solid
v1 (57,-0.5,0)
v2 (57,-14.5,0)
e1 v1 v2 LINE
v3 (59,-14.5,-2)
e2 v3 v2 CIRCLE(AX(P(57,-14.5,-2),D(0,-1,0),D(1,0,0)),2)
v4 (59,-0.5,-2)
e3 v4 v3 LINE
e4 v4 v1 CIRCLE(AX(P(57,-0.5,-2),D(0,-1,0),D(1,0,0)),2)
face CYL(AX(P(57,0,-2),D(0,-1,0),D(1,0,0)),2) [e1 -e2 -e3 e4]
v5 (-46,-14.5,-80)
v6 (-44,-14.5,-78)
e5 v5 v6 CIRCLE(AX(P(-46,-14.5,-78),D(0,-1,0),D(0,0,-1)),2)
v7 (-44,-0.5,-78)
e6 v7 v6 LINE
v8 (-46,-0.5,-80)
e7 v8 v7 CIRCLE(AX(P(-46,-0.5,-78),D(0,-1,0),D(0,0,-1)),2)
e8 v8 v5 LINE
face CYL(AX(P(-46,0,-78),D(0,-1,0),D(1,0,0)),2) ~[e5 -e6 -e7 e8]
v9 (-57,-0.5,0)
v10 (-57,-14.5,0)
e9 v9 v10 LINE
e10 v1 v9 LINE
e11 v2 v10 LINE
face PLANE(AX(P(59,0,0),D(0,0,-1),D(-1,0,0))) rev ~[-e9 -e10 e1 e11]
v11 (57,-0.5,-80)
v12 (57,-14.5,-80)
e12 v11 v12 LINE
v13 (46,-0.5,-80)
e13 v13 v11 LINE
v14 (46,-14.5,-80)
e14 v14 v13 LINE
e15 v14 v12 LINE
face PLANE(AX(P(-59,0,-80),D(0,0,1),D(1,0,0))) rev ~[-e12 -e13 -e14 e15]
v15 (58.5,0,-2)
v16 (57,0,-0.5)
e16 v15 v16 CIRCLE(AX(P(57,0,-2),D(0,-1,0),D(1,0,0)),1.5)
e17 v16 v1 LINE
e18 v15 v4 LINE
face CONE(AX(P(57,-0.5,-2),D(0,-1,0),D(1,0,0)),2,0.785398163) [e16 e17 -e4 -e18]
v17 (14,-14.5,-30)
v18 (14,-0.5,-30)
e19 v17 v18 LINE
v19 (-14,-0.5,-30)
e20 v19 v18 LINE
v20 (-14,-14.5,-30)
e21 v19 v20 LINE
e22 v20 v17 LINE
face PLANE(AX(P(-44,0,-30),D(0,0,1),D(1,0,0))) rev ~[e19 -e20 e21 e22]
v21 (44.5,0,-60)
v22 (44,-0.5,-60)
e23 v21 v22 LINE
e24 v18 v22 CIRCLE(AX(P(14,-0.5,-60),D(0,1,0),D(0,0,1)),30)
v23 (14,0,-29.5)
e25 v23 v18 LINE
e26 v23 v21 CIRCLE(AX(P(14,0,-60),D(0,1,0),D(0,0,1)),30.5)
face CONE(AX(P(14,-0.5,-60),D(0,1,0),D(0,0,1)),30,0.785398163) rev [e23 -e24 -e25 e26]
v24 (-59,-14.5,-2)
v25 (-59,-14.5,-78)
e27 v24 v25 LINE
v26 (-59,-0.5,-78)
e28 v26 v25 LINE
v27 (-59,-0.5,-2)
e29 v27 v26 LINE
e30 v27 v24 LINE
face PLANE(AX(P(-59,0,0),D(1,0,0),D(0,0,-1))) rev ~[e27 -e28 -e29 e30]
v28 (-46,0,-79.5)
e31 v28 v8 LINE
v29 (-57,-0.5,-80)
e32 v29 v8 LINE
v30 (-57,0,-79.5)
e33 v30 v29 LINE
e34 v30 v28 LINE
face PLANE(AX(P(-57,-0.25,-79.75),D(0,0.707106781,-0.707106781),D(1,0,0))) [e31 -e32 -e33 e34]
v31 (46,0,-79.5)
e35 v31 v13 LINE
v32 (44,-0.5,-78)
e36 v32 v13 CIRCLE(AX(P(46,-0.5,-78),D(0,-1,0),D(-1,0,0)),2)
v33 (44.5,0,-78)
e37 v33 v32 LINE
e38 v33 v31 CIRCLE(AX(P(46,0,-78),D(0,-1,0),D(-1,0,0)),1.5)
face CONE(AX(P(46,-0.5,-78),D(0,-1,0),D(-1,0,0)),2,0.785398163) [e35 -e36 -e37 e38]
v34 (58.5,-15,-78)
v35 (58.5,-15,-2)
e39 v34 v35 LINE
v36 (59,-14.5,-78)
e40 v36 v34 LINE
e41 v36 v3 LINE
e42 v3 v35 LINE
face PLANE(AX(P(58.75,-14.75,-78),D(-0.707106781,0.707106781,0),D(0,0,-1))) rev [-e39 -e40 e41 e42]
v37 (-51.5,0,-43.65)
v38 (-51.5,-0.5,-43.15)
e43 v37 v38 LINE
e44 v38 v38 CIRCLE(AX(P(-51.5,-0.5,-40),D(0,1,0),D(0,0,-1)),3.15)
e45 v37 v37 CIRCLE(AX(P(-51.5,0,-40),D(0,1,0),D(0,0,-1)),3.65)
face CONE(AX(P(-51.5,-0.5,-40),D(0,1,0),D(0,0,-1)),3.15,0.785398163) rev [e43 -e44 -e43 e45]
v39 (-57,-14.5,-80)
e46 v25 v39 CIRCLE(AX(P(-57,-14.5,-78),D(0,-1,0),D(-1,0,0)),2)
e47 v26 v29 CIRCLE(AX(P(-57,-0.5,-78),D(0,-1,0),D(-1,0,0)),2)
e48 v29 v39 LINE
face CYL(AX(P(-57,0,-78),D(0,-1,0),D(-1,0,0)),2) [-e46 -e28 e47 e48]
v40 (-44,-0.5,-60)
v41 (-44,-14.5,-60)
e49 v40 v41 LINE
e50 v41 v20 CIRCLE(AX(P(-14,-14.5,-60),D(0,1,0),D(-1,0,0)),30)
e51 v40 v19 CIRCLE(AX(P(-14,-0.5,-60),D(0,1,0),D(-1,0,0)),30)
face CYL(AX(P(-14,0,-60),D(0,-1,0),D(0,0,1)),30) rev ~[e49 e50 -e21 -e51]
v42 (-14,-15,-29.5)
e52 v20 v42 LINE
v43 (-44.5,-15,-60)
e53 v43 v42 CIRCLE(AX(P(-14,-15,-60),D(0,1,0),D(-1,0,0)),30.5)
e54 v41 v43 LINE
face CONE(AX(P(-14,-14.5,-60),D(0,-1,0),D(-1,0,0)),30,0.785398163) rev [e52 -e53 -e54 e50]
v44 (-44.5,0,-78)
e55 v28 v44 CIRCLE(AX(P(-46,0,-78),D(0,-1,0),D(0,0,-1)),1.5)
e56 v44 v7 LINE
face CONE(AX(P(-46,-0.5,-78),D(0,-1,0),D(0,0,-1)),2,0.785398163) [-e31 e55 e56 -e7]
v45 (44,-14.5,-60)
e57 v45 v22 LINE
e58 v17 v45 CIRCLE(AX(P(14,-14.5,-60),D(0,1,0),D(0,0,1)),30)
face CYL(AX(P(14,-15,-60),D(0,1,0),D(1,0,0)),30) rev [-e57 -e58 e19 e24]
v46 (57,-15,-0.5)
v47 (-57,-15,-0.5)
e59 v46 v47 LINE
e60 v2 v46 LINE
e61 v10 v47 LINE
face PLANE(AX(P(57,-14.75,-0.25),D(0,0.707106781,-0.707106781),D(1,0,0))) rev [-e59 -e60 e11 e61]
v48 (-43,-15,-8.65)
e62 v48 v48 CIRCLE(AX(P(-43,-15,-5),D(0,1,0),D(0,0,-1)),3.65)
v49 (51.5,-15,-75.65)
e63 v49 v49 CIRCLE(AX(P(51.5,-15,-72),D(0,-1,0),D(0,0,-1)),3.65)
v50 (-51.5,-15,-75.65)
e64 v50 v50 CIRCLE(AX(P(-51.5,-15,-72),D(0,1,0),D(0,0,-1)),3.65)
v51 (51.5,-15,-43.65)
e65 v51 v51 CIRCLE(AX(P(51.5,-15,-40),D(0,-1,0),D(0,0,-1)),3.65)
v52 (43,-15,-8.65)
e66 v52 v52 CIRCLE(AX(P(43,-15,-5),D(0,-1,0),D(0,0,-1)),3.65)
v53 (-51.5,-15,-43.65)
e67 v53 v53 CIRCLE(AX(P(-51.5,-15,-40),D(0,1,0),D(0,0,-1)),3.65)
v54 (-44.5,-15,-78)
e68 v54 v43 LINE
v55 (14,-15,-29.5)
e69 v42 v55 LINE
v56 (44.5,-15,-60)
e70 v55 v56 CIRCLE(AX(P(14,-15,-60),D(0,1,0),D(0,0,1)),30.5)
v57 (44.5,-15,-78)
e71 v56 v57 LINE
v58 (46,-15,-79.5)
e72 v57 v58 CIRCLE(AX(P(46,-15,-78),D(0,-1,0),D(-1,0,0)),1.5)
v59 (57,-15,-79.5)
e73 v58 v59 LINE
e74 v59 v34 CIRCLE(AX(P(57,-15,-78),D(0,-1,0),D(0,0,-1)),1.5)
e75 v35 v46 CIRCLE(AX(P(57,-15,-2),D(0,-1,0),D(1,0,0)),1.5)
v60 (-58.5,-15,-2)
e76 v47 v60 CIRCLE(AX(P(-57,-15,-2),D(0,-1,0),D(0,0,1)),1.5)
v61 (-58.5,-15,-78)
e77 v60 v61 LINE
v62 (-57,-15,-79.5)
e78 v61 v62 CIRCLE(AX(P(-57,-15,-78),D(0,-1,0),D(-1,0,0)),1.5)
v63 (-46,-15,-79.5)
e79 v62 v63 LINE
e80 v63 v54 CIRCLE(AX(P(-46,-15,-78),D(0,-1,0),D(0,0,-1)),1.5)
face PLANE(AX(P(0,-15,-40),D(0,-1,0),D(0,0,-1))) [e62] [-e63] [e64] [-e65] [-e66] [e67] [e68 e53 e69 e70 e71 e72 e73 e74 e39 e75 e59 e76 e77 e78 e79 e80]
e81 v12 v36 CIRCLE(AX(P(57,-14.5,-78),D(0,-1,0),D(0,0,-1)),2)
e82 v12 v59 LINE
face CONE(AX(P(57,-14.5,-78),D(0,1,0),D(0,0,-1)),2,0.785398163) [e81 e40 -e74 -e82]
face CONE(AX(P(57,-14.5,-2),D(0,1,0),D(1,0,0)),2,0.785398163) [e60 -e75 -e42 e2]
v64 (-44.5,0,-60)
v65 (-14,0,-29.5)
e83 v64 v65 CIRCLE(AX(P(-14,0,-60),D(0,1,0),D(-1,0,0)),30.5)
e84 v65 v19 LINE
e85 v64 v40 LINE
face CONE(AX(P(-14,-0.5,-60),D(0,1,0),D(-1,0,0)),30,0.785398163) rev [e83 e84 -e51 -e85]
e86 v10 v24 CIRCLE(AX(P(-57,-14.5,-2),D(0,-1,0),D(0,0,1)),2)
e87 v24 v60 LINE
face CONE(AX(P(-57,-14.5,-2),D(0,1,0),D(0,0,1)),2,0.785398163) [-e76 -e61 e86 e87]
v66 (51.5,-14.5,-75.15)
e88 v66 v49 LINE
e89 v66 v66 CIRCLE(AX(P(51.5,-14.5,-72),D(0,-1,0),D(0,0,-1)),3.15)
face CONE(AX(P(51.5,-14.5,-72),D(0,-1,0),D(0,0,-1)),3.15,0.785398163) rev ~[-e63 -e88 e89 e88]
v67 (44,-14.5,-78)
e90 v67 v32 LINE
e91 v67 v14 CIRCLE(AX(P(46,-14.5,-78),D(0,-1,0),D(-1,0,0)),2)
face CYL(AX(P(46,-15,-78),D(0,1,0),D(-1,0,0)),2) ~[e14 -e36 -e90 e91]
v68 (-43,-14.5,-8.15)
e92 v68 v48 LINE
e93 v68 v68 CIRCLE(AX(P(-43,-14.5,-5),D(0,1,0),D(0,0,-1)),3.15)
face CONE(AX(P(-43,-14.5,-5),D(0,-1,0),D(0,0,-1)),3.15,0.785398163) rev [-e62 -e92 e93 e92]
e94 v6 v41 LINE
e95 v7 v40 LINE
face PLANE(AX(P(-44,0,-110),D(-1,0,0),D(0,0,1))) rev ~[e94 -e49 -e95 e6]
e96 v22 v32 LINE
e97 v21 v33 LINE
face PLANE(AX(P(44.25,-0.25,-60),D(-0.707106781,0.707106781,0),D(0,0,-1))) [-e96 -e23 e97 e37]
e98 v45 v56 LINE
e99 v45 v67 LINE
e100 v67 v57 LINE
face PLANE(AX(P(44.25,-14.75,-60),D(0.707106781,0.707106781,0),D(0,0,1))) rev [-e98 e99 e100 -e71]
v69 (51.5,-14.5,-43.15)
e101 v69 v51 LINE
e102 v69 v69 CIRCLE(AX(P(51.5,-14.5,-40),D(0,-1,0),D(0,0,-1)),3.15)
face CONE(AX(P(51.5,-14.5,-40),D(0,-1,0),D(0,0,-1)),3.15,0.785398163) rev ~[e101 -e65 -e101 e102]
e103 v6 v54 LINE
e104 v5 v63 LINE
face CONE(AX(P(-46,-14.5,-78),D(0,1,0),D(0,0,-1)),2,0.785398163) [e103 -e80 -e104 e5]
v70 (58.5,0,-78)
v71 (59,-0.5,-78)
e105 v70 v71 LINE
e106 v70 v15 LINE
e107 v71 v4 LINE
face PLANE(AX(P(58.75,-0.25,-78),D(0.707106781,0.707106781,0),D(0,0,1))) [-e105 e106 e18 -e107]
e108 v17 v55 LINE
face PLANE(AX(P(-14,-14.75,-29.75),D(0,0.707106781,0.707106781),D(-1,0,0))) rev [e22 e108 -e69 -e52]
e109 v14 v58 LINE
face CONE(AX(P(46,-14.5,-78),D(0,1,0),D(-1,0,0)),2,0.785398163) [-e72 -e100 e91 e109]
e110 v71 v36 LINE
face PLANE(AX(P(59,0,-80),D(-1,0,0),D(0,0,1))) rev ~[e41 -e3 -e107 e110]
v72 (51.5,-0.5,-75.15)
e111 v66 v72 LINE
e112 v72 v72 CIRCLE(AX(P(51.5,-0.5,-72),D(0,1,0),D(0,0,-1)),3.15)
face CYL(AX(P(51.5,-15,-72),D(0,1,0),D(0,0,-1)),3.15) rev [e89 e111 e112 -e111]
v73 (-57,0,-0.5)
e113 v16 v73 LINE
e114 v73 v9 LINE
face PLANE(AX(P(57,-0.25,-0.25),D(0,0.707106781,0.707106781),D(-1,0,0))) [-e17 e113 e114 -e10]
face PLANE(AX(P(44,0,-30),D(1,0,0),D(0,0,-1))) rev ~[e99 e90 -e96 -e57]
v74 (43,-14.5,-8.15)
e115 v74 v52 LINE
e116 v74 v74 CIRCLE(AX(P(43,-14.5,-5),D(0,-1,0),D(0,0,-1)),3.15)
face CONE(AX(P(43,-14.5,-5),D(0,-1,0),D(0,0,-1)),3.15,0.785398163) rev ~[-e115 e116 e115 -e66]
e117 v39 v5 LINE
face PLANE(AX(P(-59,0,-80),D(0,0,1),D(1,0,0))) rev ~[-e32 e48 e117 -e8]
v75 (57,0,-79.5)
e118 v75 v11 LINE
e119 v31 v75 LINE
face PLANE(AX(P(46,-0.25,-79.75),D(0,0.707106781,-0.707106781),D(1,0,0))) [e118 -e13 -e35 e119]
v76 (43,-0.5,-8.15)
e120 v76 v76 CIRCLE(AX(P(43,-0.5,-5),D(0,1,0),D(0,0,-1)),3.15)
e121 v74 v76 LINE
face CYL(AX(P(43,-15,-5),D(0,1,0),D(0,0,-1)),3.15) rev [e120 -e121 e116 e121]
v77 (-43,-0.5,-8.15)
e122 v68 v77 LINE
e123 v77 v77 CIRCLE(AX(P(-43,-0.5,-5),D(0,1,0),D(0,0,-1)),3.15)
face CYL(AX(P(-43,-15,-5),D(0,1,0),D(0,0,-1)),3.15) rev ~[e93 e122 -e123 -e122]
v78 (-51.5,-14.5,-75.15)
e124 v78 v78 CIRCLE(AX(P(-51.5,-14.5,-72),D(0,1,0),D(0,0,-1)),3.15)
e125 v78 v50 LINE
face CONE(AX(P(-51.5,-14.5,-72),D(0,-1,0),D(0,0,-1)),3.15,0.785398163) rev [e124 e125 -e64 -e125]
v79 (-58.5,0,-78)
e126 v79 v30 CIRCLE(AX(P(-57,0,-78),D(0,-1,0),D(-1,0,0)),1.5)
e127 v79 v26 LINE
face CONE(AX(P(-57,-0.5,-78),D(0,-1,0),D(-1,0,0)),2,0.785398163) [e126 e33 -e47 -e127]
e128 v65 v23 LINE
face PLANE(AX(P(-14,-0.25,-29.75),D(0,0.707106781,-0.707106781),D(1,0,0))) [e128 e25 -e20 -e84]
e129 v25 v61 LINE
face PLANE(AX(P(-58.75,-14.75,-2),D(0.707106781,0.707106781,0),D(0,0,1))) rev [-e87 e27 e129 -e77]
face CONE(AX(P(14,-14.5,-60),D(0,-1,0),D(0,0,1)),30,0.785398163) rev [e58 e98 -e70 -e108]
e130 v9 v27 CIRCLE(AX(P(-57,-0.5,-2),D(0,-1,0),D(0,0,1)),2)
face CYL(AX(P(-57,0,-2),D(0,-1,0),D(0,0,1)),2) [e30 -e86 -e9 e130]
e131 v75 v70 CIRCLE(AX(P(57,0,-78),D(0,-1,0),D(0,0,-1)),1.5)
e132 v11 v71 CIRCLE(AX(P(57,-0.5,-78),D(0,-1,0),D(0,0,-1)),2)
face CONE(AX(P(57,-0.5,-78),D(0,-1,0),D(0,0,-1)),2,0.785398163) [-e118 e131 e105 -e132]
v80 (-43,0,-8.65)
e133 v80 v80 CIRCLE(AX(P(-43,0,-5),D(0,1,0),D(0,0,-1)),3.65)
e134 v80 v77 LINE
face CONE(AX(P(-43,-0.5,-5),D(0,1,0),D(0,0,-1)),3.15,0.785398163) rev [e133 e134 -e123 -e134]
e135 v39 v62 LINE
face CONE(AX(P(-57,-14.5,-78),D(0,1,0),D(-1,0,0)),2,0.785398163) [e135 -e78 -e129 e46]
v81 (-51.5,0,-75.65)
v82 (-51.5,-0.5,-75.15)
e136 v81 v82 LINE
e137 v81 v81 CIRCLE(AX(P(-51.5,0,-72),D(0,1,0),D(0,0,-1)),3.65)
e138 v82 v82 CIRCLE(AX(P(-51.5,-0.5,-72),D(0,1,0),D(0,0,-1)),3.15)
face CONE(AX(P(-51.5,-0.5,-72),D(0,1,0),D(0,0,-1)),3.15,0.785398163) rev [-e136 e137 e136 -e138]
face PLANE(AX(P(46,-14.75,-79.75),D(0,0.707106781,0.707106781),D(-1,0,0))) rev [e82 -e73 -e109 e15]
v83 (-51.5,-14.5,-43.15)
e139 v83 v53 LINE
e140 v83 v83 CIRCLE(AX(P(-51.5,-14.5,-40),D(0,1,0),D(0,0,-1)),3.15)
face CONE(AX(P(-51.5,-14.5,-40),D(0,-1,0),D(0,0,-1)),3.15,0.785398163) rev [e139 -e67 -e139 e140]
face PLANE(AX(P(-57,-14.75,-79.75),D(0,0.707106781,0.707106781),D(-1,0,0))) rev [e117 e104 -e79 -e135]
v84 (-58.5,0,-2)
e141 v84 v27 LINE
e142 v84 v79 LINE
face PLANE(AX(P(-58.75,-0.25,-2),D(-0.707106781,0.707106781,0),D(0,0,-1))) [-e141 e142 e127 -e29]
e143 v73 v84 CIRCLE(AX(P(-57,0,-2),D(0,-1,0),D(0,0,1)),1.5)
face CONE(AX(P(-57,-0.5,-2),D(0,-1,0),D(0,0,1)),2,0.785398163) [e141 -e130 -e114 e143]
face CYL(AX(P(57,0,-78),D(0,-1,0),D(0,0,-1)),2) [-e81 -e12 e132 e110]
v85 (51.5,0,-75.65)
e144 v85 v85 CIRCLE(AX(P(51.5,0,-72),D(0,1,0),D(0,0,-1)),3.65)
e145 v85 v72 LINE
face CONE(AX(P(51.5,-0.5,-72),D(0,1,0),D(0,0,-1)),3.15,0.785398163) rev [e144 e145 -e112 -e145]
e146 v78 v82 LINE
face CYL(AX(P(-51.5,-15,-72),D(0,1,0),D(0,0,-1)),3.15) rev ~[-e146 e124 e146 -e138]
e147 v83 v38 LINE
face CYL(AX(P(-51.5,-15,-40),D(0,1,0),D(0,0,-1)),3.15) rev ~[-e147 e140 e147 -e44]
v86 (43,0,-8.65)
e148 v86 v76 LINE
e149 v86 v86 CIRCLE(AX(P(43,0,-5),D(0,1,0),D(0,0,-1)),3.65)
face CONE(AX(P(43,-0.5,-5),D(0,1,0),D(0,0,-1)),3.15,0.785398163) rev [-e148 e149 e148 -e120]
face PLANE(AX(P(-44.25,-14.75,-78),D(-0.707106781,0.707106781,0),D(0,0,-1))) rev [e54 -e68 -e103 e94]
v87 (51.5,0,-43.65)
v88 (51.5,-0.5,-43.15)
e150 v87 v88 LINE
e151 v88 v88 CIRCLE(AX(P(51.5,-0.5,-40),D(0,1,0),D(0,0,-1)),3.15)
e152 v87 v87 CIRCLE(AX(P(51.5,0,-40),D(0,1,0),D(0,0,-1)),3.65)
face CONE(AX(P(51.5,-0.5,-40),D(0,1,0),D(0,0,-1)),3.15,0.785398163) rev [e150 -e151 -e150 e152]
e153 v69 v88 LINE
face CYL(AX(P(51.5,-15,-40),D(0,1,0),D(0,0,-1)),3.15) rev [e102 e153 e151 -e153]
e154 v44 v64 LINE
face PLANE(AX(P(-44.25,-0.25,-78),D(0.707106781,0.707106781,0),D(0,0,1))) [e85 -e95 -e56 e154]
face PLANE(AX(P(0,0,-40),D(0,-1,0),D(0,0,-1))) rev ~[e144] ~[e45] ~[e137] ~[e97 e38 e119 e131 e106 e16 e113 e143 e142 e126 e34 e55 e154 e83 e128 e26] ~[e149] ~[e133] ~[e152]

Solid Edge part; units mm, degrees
sketch "Sketch1" plane through (0, 0, 0) normal (0, -1, 0) x (1, 0, 0)
  line L0 (59, 0) -> (-59, 0)
  line L1 (-59, 0) -> (-59, -80)
  line L2 (-59, -80) -> (59, -80)
  line L3 (59, -80) -> (59, 0)
extrude "Protrusion1" add sketch "Sketch1" along normal blind 15
sketch "Sketch2" plane through (0, 0, 0) normal (0, -1, 0) x (1, 0, 0)
  line L0 (-44, -30) -> (44, -30)
  line L1 (44, -30) -> (44, -110)
  line L2 (44, -110) -> (-44, -110)
  line L3 (-44, -110) -> (-44, -30)
extrude "Extrusionsausschnitt_1" cut sketch "Sketch2" along normal mid plane 380
fillet "Verrundung_1" radius 30 2 edges at (-44, -7.5, -30) (44, -7.5, -30)
hole "Bohrung_2" at (-51.5, -15, -72) direction (0, 1, 0) diameter 6.3 depth 30
hole "Hole1" at (-51.5, -15, -40) direction (0, 1, 0) diameter 6.3 depth 30
hole "Hole2" at (-43, -15, -5) direction (0, 1, 0) diameter 6.3 depth 30
mirror "Mirror1" about plane through (0, 0, 0) normal (1, 0, 0) of "Bohrung_2", "Hole1", "Hole2"
fillet "Verrundung_2" radius 2 6 edges at (-59, -7.5, 0) (-59, -7.5, -80) (-44, -7.5, -80) (44, -7.5, -80) (59, -7.5, -80) (59, -7.5, 0)
chamfer "Fase_2" distance 0.5 angle 45 22 edges at (51.5, -15, -68.85) (51.5, -15, -36.85) (43, -15, -1.85) (-43, -15, -1.85) (-51.5, -15, -36.85) (-51.5, -15, -68.85) (59, -15, -40) (58.4142, -15, -0.5858) (0, -15, 0) (-58.4142, -15, -0.5858) (-59, -15, -40) (-58.4142, -15, -79.4142) (-51.5, -15, -80) (-44.5858, -15, -79.4142) (-44, -15, -69) (-35.2132, -15, -38.7868) (0, -15, -30) (35.2132, -15, -38.7868) (44, -15, -69) (44.5858, -15, -79.4142) (51.5, -15, -80) (58.4142, -15, -79.4142)
chamfer "Fase_3" distance 0.5 angle 45 22 edges at (51.5, 0, -68.85) (51.5, 0, -36.85) (43, 0, -1.85) (-43, 0, -1.85) (-51.5, 0, -36.85) (-51.5, 0, -68.85) (0, 0, 0) (58.4142, 0, -0.5858) (59, 0, -40) (58.4142, 0, -79.4142) (51.5, 0, -80) (44.5858, 0, -79.4142) (44, 0, -69) (35.2132, 0, -38.7868) (0, 0, -30) (-35.2132, 0, -38.7868) (-44, 0, -69) (-44.5858, 0, -79.4142) (-51.5, 0, -80) (-58.4142, 0, -79.4142) (-59, 0, -40) (-58.4142, 0, -0.5858)
